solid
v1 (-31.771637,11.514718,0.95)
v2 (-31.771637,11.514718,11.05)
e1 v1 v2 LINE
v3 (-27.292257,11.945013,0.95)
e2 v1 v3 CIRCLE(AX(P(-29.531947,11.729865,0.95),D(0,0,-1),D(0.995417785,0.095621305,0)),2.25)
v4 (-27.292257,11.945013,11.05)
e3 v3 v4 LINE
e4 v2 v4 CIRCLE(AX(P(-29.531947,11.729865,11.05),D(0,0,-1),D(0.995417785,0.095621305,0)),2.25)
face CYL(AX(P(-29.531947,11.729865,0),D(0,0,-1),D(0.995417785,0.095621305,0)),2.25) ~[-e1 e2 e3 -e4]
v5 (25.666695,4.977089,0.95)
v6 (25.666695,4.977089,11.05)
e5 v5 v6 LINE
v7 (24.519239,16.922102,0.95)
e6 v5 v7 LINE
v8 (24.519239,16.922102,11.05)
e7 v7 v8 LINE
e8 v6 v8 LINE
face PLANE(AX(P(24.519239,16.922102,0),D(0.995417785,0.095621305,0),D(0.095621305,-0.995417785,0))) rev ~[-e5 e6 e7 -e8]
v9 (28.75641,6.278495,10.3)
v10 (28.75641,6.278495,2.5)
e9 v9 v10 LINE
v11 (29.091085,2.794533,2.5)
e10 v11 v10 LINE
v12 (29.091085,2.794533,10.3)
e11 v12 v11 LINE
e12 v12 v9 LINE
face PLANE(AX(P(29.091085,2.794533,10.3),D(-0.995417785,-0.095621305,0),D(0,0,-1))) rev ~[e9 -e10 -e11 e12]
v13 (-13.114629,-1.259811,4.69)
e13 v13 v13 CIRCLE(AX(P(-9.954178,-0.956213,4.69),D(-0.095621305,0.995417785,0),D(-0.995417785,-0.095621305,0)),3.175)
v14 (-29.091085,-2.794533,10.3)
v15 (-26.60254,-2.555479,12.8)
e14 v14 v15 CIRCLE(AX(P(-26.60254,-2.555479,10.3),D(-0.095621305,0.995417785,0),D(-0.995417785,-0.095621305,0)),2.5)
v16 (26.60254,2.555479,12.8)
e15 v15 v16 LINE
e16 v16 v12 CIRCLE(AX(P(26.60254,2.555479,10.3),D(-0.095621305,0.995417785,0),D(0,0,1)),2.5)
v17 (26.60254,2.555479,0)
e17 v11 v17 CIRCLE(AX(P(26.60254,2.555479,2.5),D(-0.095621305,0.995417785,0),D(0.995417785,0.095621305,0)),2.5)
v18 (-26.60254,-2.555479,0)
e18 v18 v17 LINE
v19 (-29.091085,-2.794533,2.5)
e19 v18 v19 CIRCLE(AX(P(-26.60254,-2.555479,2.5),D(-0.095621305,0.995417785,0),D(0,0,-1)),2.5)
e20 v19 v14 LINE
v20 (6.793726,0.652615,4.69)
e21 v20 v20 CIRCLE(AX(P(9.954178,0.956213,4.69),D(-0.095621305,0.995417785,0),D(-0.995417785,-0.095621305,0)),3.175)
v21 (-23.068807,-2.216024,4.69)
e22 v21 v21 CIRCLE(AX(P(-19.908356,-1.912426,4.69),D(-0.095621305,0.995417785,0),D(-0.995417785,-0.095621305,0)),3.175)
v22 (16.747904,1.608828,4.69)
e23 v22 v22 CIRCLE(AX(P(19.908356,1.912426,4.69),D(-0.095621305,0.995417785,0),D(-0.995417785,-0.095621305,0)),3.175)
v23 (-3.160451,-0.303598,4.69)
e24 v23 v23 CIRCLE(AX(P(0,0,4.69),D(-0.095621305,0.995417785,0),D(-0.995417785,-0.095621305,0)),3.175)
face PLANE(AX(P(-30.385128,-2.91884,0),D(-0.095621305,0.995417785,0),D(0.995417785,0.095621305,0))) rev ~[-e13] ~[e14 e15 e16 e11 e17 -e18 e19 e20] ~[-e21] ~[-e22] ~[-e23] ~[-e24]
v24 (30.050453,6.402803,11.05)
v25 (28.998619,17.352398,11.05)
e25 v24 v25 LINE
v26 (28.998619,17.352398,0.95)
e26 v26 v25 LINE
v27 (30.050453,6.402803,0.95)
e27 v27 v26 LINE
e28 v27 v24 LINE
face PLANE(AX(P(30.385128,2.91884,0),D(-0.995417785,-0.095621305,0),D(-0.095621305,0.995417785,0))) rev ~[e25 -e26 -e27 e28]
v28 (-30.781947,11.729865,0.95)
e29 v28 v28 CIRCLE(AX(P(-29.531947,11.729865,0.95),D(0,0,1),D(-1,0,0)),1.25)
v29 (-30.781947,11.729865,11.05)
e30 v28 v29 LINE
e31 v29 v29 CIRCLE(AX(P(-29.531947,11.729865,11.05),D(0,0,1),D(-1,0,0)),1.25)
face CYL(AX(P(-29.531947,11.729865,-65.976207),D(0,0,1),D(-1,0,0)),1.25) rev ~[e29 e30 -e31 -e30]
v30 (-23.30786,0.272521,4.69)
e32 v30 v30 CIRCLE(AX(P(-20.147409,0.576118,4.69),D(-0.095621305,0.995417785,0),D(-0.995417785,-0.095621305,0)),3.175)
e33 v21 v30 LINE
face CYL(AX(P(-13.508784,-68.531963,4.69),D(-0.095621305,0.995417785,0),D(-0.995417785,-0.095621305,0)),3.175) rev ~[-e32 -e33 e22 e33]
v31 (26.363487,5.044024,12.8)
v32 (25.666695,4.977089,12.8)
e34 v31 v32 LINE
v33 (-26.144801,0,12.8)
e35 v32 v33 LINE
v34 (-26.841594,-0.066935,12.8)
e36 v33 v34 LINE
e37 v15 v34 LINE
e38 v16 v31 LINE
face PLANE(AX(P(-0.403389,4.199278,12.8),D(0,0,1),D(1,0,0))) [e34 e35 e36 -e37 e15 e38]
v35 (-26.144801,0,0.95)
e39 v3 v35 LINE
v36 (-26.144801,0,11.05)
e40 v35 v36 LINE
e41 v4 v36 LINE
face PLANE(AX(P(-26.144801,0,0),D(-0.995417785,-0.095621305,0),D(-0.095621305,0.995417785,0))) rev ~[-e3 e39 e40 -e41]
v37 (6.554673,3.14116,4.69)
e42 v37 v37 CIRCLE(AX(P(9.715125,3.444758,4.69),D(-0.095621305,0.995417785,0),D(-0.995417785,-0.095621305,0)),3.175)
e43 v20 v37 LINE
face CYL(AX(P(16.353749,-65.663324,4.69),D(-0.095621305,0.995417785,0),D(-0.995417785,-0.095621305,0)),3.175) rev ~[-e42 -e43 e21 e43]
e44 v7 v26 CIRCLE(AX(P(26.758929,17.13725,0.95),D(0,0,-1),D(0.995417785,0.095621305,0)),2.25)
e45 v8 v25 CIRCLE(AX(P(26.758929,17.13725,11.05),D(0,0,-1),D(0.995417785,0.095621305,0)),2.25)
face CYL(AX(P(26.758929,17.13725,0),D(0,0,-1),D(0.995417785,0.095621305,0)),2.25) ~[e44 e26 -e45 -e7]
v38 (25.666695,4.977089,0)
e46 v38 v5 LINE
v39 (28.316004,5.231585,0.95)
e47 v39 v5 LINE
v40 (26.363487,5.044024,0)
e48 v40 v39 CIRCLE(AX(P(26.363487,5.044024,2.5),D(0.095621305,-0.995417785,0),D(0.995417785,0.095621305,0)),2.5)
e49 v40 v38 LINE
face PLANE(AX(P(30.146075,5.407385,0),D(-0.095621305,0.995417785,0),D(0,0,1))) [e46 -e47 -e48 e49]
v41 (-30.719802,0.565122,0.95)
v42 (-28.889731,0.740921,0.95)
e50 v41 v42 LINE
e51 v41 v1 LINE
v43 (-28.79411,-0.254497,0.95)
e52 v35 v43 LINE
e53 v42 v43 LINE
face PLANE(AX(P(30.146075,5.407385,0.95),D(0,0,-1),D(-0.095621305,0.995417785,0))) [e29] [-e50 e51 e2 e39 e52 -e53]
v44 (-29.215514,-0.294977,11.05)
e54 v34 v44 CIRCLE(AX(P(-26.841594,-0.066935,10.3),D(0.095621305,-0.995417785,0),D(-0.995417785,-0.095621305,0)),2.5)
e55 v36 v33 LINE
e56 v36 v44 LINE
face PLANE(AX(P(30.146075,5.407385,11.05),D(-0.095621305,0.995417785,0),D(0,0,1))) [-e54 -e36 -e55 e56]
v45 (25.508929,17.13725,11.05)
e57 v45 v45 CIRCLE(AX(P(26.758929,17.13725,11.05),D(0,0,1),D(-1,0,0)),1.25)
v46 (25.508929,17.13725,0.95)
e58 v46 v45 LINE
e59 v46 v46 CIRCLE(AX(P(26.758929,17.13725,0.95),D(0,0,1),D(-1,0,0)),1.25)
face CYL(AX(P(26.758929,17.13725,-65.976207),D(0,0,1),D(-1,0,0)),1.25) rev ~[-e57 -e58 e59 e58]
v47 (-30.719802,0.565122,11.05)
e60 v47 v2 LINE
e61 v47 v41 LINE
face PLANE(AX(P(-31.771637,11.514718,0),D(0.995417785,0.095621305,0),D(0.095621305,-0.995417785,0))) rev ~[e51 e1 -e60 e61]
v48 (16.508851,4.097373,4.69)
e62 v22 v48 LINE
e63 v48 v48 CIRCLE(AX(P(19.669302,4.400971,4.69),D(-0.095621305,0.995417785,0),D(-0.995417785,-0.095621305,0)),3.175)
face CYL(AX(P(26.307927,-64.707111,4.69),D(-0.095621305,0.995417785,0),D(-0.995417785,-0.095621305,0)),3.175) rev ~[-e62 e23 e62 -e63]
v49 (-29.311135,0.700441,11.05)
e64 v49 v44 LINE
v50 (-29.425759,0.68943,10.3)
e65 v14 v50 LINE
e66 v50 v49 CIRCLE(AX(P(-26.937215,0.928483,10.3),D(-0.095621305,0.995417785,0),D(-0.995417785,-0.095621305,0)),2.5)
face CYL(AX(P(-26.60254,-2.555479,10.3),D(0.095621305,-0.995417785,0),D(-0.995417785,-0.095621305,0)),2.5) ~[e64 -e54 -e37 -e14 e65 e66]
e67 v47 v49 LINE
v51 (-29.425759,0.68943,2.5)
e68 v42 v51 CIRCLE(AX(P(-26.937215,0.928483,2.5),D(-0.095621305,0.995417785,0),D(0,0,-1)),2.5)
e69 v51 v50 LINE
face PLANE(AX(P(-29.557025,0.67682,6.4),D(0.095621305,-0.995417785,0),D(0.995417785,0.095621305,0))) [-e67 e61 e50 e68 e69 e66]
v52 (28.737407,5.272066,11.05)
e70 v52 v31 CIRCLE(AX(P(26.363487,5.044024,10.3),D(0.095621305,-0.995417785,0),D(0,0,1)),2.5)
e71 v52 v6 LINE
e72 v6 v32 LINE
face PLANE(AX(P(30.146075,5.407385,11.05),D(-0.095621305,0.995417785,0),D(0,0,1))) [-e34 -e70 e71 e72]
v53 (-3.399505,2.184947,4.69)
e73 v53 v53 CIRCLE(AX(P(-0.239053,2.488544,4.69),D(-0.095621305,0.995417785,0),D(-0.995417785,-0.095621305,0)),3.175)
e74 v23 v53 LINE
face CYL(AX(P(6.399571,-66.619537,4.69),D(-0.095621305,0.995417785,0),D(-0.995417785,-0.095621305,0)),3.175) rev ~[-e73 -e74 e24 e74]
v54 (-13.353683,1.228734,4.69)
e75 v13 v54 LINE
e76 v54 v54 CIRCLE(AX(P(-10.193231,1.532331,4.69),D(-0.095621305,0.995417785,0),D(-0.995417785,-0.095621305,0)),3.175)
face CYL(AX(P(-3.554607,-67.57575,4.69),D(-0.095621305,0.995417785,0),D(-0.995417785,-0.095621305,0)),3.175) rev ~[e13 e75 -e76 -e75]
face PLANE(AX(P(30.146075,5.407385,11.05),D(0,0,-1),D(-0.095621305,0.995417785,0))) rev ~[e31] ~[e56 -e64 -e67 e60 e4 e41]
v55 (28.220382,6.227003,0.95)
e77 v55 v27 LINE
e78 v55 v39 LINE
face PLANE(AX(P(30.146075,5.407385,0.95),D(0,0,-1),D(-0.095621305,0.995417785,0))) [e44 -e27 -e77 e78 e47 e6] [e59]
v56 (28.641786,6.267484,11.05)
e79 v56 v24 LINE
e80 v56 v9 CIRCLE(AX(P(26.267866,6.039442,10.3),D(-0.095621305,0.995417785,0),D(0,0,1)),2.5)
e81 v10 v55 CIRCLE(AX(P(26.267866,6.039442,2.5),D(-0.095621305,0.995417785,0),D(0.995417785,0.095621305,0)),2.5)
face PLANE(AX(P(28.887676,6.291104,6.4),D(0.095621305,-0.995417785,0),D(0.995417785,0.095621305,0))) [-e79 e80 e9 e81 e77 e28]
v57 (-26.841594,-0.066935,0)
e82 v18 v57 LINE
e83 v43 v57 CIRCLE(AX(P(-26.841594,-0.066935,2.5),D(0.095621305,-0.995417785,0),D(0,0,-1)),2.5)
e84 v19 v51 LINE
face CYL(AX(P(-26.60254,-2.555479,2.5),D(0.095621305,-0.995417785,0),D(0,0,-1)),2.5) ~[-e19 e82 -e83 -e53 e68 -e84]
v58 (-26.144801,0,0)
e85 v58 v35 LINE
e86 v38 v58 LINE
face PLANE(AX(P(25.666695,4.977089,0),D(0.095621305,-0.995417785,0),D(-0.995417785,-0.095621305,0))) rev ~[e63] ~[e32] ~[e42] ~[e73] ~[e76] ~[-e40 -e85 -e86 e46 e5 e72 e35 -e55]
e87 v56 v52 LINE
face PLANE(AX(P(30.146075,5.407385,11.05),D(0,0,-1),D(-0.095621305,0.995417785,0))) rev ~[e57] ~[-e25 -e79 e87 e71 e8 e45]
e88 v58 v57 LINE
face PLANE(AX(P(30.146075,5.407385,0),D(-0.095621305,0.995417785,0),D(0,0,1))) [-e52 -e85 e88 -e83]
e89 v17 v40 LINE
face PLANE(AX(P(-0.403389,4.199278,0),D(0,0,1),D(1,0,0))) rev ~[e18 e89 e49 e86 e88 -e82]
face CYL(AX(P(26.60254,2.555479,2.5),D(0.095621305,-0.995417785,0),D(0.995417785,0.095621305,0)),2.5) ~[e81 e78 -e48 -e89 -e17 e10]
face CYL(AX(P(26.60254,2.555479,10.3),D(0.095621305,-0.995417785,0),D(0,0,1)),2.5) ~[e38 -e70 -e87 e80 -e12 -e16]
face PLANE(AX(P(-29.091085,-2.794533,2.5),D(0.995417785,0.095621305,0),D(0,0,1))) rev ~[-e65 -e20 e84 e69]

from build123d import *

# Parameters (mm, degrees)
F1_DEPTH = 12.8
F3_DEPTH = 3.5
F4_W     = 18.9070843756
F4_H     = 1.75
F4_W_2   = 22.2780885547
F4_H_2   = 0.95
F5_DEPTH = 62.4295319173
F7_D     = 2.5
F9_D     = 6.35


with BuildPart() as f1:
    # F0 (on Top) → F1 (new body)
    with BuildSketch(Plane.XY):
        with BuildLine():
            ThreePointArc((-27.292256768, 11.945013416), (-29.7470947197, 13.9695554954), (-31.771636799, 11.5147175437))
            Line((-31.771636799, 11.5147175437), (-30.385127877, -2.918840334))
            Line((-30.385127877, -2.918840334), (30.385127877, 2.918840334))
            Line((30.385127877, 2.918840334), (28.9986189551, 17.3523982117))
            ThreePointArc((28.9986189551, 17.3523982117), (26.5437810034, 19.3769402911), (24.5192389241, 16.9221023394))
            Line((24.5192389241, 16.9221023394), (25.6666945836, 4.9770889233))
            Line((25.6666945836, 4.9770889233), (-26.1448011084, 0))
            Line((-26.1448011084, 0), (-27.292256768, 11.945013416))
        make_face()
    extrude(amount=F1_DEPTH)

    # F2 (on face) → F3 (cut)
    with BuildSketch(Plane(origin=(0, 0, 0), x_dir=(0.9954177847, 0.095621305, 0), z_dir=(0.095621305, -0.9954177847, 0))):
        with BuildLine():
            ThreePointArc((-29.225, 10.3), (-28.492766953, 12.067766953), (-26.725, 12.8))
            Line((-26.725, 12.8), (-30.525, 12.8))
            Line((-30.525, 12.8), (-30.525, 0))
            Line((-30.525, 0), (-26.725, 0))
            ThreePointArc((-26.725, 0), (-28.492766953, 0.732233047), (-29.225, 2.5))
            Line((-29.225, 2.5), (-29.225, 10.3))
        make_face()
        with BuildLine():
            Line((30.525, 12.8), (26.725, 12.8))
            ThreePointArc((26.725, 12.8), (28.492766953, 12.067766953), (29.225, 10.3))
            Line((29.225, 10.3), (29.225, 2.5))
            ThreePointArc((29.225, 2.5), (28.492766953, 0.732233047), (26.725, 0))
            Line((26.725, 0), (30.525, 0))
            Line((30.525, 0), (30.525, 12.8))
        make_face()
    extrude(amount=-F3_DEPTH, mode=Mode.SUBTRACT)

    # F4 (on face) → F5 (cut, through all)
    with BuildSketch(Plane(origin=(30.385127877, 2.918840334, 0), x_dir=(-0.095621305, 0.9954177847, 0), z_dir=(0.9954177847, 0.095621305, 0))):
        with Locations((11.9535421878, 11.925)):
            Rectangle(F4_W, F4_H)
        with Locations((13.6390442774, 0.475)):
            Rectangle(F4_W_2, F4_H_2)
    extrude(amount=-F5_DEPTH, mode=Mode.SUBTRACT)

    # F7 (through all)
    with Locations(Plane(origin=(0, 0, 0.95), x_dir=(1, 0, 0), z_dir=(0, 0, -1))):
        with Locations((26.7589289396, -17.1372502756), (-29.5319467835, -11.7298654799)):
            Hole(F7_D / 2)

    # F9 (through all)
    with Locations(Plane(origin=(0, 0, 0), x_dir=(0.9954177847, 0.095621305, 0), z_dir=(0.095621305, -0.9954177847, 0))):
        with Locations((-20, 4.69), (-10, 4.69), (0, 4.69), (10, 4.69), (20, 4.69)):
            Hole(F9_D / 2)


solid = f1.part
